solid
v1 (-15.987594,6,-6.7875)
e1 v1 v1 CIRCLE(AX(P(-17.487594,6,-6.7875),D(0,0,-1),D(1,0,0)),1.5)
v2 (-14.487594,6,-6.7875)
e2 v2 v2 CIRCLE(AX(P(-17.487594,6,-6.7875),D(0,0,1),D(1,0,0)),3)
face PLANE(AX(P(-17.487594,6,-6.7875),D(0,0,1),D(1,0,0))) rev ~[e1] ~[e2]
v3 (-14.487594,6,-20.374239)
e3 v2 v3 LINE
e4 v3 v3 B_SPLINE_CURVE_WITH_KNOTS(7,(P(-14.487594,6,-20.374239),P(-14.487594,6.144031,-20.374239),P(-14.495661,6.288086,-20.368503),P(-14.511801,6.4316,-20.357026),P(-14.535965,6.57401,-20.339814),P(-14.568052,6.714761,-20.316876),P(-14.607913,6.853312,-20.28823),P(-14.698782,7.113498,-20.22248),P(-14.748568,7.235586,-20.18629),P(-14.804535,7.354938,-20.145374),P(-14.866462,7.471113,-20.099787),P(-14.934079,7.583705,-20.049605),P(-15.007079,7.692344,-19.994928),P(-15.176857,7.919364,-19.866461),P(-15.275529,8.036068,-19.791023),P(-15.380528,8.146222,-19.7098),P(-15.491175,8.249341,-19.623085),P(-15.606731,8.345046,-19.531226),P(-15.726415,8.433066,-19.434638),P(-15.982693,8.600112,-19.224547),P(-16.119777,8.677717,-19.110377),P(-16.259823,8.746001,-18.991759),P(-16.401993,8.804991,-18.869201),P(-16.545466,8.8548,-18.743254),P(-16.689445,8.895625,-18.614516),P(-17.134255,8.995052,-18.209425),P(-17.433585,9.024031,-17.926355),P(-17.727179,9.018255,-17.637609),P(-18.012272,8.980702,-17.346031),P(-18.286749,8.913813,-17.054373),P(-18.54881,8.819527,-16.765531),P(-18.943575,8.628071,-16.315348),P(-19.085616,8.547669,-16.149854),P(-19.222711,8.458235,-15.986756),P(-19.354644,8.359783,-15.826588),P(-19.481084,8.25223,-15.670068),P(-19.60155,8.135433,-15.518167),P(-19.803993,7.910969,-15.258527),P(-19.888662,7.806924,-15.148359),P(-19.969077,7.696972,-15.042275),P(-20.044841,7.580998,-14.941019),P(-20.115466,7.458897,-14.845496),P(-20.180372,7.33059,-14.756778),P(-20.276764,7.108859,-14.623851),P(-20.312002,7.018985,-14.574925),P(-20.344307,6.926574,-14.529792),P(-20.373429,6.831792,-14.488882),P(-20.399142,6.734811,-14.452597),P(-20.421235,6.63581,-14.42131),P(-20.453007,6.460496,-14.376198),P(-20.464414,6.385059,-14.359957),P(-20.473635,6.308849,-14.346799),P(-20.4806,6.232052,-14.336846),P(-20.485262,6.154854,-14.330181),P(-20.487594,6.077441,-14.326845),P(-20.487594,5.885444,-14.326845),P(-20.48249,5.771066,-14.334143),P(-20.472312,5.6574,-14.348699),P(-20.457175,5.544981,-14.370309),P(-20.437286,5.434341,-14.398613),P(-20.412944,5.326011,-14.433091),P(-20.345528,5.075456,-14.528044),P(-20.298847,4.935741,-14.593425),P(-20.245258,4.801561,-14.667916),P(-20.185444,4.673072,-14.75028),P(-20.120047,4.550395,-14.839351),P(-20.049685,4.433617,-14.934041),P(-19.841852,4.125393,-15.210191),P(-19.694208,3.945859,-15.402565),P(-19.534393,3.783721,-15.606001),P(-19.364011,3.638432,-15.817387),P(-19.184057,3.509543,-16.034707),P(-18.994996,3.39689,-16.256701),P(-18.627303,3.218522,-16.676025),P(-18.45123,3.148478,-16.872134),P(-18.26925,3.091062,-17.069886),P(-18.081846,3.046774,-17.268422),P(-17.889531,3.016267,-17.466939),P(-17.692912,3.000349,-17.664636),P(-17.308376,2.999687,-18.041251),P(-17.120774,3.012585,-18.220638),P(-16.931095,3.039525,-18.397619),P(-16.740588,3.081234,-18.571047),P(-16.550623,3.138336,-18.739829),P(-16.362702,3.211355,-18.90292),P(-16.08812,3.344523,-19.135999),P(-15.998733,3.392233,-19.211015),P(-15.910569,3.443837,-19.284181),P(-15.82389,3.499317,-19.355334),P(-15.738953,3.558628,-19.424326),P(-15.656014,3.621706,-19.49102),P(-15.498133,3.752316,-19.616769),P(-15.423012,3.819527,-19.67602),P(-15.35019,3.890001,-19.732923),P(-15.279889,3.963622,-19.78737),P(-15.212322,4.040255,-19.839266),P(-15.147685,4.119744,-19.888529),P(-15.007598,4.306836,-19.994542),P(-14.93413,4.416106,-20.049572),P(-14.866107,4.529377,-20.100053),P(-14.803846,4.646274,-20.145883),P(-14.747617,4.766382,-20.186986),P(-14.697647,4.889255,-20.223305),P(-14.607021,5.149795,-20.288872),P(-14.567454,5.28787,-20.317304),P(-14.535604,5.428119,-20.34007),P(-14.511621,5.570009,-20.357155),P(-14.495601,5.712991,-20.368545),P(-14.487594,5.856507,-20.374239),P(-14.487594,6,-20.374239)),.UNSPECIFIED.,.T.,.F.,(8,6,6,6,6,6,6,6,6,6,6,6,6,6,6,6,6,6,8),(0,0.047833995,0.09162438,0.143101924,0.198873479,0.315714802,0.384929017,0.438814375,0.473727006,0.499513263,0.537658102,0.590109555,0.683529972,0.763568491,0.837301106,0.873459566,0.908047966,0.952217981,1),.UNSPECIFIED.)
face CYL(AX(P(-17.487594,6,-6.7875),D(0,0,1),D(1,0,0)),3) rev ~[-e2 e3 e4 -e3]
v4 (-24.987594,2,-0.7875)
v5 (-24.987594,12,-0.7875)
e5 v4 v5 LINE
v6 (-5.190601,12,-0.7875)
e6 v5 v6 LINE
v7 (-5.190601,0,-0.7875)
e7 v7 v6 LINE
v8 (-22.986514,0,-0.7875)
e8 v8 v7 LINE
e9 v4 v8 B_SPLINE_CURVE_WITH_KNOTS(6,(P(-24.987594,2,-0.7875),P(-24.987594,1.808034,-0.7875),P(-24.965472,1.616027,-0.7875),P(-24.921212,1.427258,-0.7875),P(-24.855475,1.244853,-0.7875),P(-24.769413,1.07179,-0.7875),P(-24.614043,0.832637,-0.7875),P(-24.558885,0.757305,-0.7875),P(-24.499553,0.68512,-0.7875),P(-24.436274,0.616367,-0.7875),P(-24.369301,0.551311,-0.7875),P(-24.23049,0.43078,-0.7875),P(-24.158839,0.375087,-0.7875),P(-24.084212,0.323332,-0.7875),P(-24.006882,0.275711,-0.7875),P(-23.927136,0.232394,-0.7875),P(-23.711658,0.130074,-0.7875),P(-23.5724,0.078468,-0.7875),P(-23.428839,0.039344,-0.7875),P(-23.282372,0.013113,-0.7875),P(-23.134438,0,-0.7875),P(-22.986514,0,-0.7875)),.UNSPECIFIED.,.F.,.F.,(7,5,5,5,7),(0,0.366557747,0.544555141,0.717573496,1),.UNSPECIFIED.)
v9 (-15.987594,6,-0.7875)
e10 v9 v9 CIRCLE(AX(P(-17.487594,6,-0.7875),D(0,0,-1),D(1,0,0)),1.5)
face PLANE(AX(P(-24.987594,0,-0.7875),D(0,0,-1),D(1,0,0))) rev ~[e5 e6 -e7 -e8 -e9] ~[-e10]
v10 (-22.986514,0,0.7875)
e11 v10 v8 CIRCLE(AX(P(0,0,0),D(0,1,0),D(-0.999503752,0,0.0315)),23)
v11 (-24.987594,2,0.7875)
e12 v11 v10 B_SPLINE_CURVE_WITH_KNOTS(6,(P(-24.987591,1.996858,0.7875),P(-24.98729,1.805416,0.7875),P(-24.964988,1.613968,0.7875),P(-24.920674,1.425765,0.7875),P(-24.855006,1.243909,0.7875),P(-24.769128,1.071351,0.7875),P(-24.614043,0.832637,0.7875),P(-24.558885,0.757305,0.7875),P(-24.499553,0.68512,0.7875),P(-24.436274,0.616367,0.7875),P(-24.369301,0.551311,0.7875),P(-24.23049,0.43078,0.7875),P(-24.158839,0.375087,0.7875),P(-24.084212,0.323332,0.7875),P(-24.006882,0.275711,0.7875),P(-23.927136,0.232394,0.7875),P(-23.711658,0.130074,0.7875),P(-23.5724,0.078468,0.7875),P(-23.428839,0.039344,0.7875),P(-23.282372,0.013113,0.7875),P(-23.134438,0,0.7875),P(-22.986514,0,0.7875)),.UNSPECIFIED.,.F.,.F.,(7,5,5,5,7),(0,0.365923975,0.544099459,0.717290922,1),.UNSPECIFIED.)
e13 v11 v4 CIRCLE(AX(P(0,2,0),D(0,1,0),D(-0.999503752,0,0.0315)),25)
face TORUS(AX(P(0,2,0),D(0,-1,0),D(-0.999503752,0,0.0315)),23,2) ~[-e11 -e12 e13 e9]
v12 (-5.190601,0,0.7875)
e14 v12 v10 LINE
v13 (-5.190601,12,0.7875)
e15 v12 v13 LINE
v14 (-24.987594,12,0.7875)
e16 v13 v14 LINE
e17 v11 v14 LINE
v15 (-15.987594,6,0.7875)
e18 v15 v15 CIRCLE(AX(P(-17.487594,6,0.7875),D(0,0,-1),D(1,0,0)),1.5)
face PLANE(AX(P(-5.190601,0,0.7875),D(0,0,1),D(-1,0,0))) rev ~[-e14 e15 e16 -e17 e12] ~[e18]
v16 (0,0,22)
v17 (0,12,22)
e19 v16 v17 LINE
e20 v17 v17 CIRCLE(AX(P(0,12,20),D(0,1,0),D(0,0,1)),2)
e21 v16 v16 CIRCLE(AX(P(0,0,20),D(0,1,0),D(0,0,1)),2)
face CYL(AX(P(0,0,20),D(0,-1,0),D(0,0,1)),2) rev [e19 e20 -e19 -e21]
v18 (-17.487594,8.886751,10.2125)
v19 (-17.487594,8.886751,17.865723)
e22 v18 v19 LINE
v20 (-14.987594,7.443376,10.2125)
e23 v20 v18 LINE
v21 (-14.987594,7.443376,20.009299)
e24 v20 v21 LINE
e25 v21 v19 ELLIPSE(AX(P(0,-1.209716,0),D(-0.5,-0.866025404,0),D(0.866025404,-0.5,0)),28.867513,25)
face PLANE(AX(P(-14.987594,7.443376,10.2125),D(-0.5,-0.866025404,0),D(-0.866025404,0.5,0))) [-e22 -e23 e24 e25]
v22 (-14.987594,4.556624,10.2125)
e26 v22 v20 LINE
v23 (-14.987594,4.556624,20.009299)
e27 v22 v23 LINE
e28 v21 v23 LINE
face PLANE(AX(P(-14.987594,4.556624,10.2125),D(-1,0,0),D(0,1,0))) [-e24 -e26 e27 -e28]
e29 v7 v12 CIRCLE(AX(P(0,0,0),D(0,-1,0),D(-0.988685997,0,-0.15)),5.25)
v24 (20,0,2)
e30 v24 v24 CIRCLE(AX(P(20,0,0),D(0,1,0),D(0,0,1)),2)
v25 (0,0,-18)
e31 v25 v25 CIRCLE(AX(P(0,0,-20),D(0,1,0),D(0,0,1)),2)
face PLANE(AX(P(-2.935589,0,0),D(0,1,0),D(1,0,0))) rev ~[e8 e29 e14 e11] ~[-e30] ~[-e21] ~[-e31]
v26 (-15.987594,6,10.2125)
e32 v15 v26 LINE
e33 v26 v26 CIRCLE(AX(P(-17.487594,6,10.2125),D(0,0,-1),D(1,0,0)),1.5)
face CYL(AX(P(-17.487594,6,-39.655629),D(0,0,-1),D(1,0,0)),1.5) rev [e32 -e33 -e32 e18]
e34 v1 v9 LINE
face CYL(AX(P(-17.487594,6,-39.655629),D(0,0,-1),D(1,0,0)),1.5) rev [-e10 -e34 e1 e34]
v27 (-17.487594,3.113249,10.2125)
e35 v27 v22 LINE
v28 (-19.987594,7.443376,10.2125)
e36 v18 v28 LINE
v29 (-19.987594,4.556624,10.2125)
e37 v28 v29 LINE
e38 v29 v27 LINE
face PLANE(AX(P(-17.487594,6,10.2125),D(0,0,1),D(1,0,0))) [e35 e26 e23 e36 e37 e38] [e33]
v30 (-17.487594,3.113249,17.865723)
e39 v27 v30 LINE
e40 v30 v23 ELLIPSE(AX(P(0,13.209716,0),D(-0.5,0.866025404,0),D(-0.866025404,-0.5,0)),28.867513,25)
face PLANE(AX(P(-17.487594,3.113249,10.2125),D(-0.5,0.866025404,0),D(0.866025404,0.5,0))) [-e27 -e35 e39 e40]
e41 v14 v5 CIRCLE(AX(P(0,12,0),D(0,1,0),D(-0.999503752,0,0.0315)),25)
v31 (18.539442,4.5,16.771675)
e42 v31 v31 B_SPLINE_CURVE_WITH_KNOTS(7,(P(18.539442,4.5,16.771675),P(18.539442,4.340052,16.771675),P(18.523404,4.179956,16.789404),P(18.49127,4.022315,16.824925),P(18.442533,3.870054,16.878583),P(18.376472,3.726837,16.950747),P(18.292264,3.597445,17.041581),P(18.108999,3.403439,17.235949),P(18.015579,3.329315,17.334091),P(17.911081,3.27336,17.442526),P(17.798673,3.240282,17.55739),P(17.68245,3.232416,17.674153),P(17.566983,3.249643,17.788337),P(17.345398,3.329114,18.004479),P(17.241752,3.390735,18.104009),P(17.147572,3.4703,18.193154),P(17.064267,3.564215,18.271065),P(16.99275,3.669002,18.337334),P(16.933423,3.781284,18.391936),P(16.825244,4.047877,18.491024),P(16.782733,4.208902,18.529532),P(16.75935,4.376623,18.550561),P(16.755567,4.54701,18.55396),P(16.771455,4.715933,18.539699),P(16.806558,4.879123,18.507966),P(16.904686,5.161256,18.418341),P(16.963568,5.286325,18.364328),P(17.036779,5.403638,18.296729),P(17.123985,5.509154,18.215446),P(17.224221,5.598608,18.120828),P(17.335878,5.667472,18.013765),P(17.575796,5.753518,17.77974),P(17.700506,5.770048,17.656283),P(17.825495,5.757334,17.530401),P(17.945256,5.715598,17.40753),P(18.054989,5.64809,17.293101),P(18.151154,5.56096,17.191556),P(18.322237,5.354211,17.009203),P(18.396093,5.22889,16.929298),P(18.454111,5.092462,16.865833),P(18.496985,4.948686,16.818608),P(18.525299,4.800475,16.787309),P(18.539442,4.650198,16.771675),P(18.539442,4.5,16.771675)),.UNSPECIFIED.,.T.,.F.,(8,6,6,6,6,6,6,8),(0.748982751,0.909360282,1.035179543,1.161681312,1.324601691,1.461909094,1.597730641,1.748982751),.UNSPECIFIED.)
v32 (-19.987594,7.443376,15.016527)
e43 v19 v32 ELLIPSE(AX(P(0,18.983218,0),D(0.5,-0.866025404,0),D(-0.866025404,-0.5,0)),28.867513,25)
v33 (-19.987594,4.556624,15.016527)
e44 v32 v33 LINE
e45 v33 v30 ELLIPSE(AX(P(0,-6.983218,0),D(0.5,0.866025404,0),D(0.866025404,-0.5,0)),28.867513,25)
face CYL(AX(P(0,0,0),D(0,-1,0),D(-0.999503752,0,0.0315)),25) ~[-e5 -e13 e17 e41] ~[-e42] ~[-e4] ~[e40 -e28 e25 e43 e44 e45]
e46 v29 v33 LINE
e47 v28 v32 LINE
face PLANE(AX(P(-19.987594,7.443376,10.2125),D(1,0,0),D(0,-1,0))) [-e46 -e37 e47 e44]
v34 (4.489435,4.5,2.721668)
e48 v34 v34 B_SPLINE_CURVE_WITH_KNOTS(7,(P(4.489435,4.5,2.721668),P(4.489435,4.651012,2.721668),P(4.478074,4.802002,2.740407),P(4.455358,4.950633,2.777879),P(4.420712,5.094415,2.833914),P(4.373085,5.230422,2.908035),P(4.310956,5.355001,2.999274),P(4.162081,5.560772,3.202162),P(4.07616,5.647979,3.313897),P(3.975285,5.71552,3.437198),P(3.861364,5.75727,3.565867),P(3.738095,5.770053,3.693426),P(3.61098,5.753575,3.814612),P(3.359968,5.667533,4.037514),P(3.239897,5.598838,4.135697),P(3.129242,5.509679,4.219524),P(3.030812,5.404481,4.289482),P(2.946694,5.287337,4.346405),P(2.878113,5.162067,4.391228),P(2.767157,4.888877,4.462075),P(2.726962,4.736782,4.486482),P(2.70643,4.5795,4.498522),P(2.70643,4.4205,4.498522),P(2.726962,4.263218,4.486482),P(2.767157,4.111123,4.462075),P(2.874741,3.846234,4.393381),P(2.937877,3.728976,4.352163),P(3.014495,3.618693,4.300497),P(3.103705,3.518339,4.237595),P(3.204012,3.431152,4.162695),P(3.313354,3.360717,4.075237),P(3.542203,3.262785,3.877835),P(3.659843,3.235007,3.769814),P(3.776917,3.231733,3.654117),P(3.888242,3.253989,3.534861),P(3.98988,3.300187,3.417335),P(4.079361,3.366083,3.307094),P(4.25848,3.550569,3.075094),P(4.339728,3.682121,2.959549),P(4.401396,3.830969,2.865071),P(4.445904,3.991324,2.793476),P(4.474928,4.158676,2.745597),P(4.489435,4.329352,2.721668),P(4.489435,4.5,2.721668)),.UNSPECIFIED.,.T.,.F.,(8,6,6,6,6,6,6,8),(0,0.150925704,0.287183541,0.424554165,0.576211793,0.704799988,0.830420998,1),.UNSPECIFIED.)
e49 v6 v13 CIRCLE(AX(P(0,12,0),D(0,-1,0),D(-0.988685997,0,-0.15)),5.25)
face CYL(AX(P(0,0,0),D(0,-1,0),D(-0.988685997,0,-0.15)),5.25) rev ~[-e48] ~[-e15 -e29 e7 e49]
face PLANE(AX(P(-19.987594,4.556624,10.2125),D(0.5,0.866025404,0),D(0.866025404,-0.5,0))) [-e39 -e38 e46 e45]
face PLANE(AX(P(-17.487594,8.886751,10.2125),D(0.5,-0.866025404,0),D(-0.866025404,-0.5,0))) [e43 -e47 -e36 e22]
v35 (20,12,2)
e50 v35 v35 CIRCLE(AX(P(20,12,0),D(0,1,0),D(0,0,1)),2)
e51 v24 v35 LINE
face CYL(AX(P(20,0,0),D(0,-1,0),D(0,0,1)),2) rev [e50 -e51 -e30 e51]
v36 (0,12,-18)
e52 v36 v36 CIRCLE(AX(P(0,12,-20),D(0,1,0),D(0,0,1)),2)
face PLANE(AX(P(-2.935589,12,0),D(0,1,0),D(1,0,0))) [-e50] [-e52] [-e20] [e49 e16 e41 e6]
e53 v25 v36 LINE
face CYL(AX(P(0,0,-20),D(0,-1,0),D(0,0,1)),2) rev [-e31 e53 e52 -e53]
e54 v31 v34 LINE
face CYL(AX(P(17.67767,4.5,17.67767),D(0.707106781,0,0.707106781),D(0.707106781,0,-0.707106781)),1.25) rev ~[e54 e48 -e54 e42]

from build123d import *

# Parameters (mm, degrees)
SKETCH1_R               = 2
BOSS_EXTRUDE1_DEPTH     = 12
CUT_EXTRUDE1_REACH      = 63.528
CUT_EXTRUDE1_END_RADIUS = 5.25
SKETCH2_R               = 1.25
CUT_EXTRUDE2_REACH      = 45.868
CUT_EXTRUDE2_END_RADIUS = 25
CUT_EXTRUDE2_START      = -6
SKETCH3_R               = 3
CUT_EXTRUDE3_DEPTH      = 38.868128668
CUT_EXTRUDE3_DEPTH_BACK = 38.868128668
SKETCH3_4_R             = 1.5
CUT_EXTRUDE4_REACH      = 50.868
CUT_EXTRUDE4_END_RADIUS = 25
CUT_EXTRUDE4_START      = 11
FILLET1_R               = 2


with BuildPart() as part:
    # Sketch1 → Boss-Extrude1 (new body)
    with BuildSketch(Plane(origin=(0, 0, 0), x_dir=(1, 0, 0), z_dir=(0, 1, 0))):
        with BuildLine():
            ThreePointArc((-24.987593797, -0.7875), (25, 0), (-24.987593797, 0.7875))
            Line((-24.987593797, 0.7875), (-5.190601482, 0.7875))
            ThreePointArc((-5.190601482, 0.7875), (5.25, 0), (-5.190601482, -0.7875))
            Line((-5.190601482, -0.7875), (-24.987593797, -0.7875))
        make_face()
        with Locations(Location((0, 20, 0), (0, 0, 270))):
            Circle(SKETCH1_R, mode=Mode.SUBTRACT)
        with Locations(Location((20, 0, 0), (0, 0, 270))):
            Circle(SKETCH1_R, mode=Mode.SUBTRACT)
        with Locations(Location((0, -20, 0), (0, 0, 270))):
            Circle(SKETCH1_R, mode=Mode.SUBTRACT)
    extrude(amount=BOSS_EXTRUDE1_DEPTH)

    # Cut-Extrude1: up to this cylinder (the profile starts outside it)
    cut_extrude1_end = Plane(origin=(0, 4.5, 0), z_dir=(0, -1, 0)) * Cylinder(CUT_EXTRUDE1_END_RADIUS, 138.556, mode=Mode.PRIVATE)
    # Sketch2 → Cut-Extrude1 (cut, up to the surface)
    with BuildSketch(Plane(origin=(17.67766953, 0, 17.67766953), x_dir=(0, -1, 0), z_dir=(0.7071067811865464, 0, 0.7071067811865488)), mode=Mode.PRIVATE) as cut_extrude1_sk1:
        with Locations(Location((-4.5, 0, 0), (0, 0, 90))):
            Circle(SKETCH2_R)
    cut_extrude1_tool1 = extrude(cut_extrude1_sk1.sketch, amount=-CUT_EXTRUDE1_REACH, mode=Mode.PRIVATE) - cut_extrude1_end
    add(cut_extrude1_tool1.solids().sort_by_distance((17.67767, 4.5, 17.67767))[0], mode=Mode.SUBTRACT)

    # Cut-Extrude2: up to this cylinder (the profile starts inside it)
    cut_extrude2_end = Plane(origin=(0, 6, 0), z_dir=(0, -1, 0)) * Cylinder(CUT_EXTRUDE2_END_RADIUS, 142.736, mode=Mode.PRIVATE)
    # Sketch3 → Cut-Extrude2 (cut, up to the surface)
    with BuildSketch(Plane.XY.offset(-0.7875).offset(CUT_EXTRUDE2_START), mode=Mode.PRIVATE) as cut_extrude2_sk1:
        with Locations((-17.487593797, 6)):
            Circle(SKETCH3_R)
    cut_extrude2_tool1 = extrude(cut_extrude2_sk1.sketch, amount=-CUT_EXTRUDE2_REACH, mode=Mode.PRIVATE) & cut_extrude2_end
    add(cut_extrude2_tool1.solids().sort_by_distance((-17.487594, 6, -6.7875))[0], mode=Mode.SUBTRACT)

    # Sketch3<4> → Cut-Extrude3 (cut, two sides: drawn at the far end of the back side and taken through both)
    with BuildSketch(Plane.XY.offset(-0.7875).offset(-CUT_EXTRUDE3_DEPTH_BACK)):
        with Locations((-17.487593797, 6)):
            Circle(SKETCH3_4_R)
    extrude(amount=CUT_EXTRUDE3_DEPTH + CUT_EXTRUDE3_DEPTH_BACK, mode=Mode.SUBTRACT)

    # Cut-Extrude4: up to this cylinder (the profile starts inside it)
    cut_extrude4_end = Plane(origin=(0, 6, 0), z_dir=(0, -1, 0)) * Cylinder(CUT_EXTRUDE4_END_RADIUS, 152.736, mode=Mode.PRIVATE)
    # Sketch5 → Cut-Extrude4 (cut, up to the surface)
    with BuildSketch(Plane.XY.offset(-0.7875).offset(CUT_EXTRUDE4_START), mode=Mode.PRIVATE) as cut_extrude4_sk1:
        Polygon((-14.987593797, 7.443375673), (-17.487593797, 8.886751346), (-19.987593797, 7.443375673), (-19.987593797, 4.556624327), (-17.487593797, 3.113248654), (-14.987593797, 4.556624327), align=None)
    cut_extrude4_tool1 = extrude(cut_extrude4_sk1.sketch, amount=CUT_EXTRUDE4_REACH, mode=Mode.PRIVATE) & cut_extrude4_end
    add(cut_extrude4_tool1.solids().sort_by_distance((-17.487594, 6, 10.2125))[0], mode=Mode.SUBTRACT)

    # Fillet1
    fillet1_edges = [part.edges().sort_by_distance(p)[0] for p in [
        (25, 0, 0),
    ]]
    fillet(fillet1_edges, radius=FILLET1_R)


solid = part.part
